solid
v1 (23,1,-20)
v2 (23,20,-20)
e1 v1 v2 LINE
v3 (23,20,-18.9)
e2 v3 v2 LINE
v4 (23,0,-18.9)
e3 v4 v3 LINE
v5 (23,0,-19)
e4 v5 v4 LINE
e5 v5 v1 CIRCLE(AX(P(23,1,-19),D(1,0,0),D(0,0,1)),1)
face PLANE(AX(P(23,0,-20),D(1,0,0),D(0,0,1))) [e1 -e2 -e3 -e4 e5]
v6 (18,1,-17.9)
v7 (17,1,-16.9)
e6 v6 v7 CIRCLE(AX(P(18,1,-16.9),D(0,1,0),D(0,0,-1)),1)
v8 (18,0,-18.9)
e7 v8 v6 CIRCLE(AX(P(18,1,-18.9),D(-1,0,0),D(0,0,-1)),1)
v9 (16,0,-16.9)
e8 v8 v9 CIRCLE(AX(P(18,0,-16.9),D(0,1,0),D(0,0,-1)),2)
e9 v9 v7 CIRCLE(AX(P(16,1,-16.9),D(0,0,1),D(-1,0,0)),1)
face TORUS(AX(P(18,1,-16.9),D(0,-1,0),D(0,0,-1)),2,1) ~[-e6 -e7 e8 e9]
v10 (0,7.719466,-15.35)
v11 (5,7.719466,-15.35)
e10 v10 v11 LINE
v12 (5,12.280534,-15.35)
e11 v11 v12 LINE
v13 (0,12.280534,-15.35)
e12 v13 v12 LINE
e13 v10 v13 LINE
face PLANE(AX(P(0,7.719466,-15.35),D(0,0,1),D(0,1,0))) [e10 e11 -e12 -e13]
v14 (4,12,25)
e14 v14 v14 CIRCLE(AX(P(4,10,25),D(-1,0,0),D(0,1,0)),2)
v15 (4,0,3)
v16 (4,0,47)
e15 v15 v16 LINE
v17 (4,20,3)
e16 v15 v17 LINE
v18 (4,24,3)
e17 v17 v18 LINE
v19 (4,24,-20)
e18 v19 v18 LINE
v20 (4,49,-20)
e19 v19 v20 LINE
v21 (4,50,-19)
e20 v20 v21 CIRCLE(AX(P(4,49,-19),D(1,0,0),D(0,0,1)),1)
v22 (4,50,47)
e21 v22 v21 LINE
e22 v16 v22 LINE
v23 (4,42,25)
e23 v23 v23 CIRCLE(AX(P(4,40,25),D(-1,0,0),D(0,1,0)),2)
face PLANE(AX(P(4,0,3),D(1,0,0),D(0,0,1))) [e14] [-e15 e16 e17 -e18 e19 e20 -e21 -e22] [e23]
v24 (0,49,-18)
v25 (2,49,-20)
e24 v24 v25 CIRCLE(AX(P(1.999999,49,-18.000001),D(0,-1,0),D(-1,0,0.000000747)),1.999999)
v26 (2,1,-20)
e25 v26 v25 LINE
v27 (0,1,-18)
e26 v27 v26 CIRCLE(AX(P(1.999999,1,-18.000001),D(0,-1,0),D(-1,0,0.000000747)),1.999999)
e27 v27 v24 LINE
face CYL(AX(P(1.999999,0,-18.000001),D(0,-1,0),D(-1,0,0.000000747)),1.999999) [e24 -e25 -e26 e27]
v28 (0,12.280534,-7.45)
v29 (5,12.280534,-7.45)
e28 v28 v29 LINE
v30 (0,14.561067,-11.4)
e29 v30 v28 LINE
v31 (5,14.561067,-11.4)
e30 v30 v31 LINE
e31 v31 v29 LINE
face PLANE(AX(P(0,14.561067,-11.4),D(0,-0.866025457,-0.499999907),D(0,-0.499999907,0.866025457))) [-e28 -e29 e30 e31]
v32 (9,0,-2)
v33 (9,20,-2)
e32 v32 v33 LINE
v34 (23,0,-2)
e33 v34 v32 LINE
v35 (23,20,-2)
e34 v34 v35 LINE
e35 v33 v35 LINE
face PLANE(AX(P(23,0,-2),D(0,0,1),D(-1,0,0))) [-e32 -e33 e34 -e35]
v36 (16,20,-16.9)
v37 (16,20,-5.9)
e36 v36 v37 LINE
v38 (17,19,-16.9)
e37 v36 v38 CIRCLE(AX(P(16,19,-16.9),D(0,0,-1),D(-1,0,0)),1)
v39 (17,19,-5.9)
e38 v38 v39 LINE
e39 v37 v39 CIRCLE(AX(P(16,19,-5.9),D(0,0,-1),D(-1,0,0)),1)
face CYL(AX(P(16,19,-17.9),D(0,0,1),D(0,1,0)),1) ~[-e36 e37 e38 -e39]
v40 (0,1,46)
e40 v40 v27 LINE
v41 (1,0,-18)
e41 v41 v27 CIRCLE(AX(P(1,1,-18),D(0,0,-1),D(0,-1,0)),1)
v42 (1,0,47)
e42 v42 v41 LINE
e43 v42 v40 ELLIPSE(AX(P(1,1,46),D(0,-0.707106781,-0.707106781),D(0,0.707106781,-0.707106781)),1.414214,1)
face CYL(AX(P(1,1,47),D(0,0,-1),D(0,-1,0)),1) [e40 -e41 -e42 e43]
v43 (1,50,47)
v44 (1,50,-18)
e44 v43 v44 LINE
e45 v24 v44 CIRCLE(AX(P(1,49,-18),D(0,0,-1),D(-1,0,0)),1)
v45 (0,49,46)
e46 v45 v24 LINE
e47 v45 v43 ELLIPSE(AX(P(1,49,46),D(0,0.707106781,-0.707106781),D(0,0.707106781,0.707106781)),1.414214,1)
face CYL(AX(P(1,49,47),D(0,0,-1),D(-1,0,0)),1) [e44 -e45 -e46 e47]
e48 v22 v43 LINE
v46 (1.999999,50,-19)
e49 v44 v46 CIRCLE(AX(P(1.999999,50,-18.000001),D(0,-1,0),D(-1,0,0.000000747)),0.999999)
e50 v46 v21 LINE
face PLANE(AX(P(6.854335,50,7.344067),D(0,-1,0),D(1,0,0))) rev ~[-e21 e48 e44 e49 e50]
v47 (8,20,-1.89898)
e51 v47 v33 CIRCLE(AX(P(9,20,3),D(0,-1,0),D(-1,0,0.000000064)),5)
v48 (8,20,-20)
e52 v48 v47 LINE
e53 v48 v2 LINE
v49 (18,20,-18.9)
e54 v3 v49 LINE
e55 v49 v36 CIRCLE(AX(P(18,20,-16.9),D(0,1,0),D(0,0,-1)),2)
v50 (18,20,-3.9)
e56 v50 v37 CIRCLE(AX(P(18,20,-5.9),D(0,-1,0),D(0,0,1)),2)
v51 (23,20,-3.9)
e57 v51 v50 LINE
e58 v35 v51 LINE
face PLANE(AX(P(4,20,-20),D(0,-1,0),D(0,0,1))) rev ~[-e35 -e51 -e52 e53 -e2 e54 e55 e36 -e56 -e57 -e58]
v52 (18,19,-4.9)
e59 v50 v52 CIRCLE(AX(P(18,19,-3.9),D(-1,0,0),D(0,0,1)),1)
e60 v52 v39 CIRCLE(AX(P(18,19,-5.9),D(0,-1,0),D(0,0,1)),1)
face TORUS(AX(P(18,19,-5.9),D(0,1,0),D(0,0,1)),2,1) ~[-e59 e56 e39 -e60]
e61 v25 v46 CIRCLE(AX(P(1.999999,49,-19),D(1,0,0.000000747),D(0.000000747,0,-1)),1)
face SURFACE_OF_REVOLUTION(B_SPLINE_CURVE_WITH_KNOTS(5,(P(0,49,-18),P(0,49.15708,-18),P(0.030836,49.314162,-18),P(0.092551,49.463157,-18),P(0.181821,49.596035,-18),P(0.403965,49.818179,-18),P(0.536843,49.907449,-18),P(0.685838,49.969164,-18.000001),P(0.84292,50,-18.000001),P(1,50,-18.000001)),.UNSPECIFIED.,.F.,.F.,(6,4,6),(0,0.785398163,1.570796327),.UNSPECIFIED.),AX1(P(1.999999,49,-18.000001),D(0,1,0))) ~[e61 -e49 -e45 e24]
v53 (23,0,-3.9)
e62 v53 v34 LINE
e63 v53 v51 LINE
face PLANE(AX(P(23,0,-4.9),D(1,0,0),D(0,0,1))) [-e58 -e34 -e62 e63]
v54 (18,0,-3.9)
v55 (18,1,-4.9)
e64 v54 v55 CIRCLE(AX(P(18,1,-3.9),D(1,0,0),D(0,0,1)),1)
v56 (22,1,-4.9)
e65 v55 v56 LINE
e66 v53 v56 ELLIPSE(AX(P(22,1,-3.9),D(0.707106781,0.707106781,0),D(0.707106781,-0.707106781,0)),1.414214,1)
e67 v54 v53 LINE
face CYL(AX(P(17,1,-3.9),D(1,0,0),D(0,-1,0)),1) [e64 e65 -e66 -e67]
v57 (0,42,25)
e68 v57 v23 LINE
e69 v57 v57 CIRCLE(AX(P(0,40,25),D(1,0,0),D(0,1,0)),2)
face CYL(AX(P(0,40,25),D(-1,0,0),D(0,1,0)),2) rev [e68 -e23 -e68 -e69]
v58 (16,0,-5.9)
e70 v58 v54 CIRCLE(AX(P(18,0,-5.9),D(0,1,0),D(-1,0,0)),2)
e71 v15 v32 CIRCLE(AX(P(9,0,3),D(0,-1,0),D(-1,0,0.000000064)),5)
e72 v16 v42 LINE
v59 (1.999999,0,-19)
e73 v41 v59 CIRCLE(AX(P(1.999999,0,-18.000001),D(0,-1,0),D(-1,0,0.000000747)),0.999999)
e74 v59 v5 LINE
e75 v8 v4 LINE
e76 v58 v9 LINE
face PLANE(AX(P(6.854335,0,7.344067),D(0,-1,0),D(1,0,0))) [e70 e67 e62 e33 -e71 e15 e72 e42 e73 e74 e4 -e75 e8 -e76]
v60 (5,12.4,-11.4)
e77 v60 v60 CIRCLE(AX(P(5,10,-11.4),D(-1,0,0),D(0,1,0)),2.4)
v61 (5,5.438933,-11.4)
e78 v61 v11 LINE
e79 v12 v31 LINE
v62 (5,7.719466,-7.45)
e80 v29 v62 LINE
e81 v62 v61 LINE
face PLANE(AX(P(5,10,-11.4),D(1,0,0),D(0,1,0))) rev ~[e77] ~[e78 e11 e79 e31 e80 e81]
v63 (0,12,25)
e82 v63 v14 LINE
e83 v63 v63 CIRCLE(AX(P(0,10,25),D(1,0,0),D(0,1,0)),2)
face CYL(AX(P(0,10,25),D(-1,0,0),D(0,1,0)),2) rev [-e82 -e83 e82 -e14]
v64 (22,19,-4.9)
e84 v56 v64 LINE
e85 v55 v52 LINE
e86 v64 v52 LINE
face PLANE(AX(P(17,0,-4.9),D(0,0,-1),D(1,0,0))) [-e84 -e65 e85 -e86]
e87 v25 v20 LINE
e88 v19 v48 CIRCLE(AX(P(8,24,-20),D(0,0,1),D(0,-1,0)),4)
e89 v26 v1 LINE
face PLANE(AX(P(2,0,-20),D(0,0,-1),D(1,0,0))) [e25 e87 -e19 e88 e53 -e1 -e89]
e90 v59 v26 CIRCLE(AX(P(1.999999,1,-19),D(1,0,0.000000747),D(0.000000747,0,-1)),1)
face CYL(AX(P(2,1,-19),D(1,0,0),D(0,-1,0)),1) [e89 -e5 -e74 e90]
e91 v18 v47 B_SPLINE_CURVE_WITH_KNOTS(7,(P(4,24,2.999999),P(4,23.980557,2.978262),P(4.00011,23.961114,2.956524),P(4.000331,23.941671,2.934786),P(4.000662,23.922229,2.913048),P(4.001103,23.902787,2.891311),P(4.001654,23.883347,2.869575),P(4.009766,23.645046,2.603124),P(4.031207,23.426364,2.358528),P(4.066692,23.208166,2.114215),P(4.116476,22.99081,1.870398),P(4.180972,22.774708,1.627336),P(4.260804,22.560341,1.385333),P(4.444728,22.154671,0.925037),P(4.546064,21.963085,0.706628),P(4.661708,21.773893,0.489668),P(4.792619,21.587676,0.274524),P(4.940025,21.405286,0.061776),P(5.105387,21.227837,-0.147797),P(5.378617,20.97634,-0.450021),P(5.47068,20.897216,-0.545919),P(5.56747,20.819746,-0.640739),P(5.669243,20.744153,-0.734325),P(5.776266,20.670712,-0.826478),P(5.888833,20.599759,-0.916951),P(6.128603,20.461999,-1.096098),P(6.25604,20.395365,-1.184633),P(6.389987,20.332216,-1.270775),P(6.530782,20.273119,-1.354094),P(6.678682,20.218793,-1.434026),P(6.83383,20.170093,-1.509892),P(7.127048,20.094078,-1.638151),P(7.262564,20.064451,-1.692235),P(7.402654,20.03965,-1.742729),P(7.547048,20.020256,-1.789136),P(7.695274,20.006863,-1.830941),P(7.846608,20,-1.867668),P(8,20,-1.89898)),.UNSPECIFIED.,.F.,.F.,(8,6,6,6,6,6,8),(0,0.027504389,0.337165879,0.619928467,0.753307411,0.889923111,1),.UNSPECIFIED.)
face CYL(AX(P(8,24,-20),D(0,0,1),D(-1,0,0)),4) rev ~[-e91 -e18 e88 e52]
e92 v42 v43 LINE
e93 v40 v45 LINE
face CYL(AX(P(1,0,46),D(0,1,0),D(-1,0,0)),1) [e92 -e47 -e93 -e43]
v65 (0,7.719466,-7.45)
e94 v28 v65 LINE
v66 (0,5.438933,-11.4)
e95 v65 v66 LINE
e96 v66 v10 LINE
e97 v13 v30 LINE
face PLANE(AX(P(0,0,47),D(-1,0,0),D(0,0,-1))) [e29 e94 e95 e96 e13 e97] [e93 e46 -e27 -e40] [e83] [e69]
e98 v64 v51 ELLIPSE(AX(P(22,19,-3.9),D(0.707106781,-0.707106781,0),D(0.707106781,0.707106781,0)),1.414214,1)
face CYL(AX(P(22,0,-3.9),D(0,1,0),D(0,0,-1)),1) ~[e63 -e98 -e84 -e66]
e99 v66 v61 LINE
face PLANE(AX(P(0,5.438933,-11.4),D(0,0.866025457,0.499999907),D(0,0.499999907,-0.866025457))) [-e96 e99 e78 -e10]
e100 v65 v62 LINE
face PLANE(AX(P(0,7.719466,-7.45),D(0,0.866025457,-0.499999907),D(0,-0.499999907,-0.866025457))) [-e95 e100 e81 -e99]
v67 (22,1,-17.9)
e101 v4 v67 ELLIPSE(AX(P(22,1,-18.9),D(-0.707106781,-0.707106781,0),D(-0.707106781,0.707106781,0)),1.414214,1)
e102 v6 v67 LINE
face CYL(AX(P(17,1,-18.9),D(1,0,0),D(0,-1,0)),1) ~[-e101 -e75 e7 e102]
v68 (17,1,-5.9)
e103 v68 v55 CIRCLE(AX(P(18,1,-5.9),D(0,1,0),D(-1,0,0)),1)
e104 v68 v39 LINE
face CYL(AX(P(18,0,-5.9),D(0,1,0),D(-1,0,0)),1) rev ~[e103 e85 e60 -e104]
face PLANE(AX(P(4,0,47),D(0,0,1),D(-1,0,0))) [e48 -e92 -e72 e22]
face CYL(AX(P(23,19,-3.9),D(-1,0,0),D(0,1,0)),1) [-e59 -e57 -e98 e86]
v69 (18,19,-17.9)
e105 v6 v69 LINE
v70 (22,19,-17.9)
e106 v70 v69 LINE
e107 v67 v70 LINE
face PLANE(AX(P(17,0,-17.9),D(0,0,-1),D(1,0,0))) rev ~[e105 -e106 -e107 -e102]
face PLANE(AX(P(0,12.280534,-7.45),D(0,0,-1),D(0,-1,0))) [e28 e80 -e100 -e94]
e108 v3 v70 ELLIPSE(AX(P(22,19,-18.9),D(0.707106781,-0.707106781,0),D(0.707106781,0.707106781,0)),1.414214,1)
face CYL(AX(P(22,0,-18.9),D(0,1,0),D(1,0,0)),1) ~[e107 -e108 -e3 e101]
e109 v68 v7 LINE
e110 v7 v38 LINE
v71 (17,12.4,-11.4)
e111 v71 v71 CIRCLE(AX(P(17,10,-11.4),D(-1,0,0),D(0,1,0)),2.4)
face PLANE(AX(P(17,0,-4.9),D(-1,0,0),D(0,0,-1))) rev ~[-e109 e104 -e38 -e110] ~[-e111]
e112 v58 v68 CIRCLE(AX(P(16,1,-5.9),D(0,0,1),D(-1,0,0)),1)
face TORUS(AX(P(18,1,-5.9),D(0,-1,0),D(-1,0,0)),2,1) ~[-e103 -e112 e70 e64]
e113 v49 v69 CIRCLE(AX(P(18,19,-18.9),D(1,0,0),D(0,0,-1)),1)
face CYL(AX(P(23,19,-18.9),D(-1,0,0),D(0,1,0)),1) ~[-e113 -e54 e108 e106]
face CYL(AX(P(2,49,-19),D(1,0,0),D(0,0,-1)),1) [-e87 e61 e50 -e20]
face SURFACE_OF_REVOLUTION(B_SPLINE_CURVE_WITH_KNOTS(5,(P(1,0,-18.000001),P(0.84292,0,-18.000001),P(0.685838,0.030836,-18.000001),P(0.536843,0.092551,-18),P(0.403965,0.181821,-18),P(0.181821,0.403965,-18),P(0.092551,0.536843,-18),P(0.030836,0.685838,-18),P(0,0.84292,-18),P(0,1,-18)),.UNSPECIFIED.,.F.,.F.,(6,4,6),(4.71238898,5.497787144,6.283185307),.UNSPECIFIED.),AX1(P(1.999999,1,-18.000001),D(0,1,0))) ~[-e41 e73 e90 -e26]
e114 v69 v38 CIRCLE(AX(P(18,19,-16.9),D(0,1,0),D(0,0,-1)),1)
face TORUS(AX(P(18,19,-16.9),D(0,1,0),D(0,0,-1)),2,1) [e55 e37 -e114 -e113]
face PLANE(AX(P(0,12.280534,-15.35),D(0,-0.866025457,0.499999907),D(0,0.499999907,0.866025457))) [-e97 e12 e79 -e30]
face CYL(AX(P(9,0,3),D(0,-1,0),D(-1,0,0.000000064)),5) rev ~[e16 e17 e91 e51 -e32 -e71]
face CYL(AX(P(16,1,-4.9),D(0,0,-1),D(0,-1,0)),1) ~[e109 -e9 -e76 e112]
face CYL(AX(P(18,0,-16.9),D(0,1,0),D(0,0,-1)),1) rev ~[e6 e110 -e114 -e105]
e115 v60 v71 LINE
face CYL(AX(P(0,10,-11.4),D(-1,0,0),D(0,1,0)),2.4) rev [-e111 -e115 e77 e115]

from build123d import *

# Parameters (mm, degrees)
PAD008_DEPTH    = 50
SKETCH046_R     = 2.4
SKETCH046_R_2   = 2
POCKET024_DEPTH = 30
SKETCH047_W     = 30
SKETCH047_H     = 35
POCKET025_DEPTH = 30
POCKET026_DEPTH = 5
FILLET014_R     = 4
FILLET015_R     = 1
FILLET016_R     = 1


with BuildPart() as part:
    # Sketch045 → Pad008 (new body)
    with BuildSketch(Plane.XZ):
        with BuildLine():
            Line((0, 47), (0, -18))
            ThreePointArc((0, -18), (0.585786, -19.414214), (2, -20))
            Line((2, -20), (23, -20))
            Line((23, -20), (23, -17.9))
            Line((17, -17.9), (23, -17.9))
            Line((17, -4.9), (17, -17.9))
            Line((17, -4.9), (23, -4.9))
            Line((23, -4.9), (23, -2))
            Line((23, -2), (9, -2))
            ThreePointArc((4, 3), (5.464466, -0.535534), (9, -2))
            Line((4, 3), (4, 47))
            Line((4, 47), (0, 47))
        make_face()
    extrude(amount=-PAD008_DEPTH)

    # Sketch046 → Pocket024 (cut)
    with BuildSketch(Plane.YZ):
        with Locations((10, -11.4)):
            Circle(SKETCH046_R)
        with Locations((10, 25)):
            Circle(SKETCH046_R_2)
        with Locations((40, 25)):
            Circle(SKETCH046_R_2)
    extrude(amount=POCKET024_DEPTH, mode=Mode.SUBTRACT)

    # Sketch047 → Pocket025 (cut)
    with BuildSketch(Plane.YZ.offset(4)):
        with Locations((35, -2.5)):
            Rectangle(SKETCH047_W, SKETCH047_H)
    extrude(amount=POCKET025_DEPTH, mode=Mode.SUBTRACT)

    # Sketch048 → Pocket026 (cut)
    with BuildSketch(Plane.YZ):
        Polygon((5.438933, -11.4), (7.719466, -15.35), (12.280534, -15.35), (14.561067, -11.4), (12.280534, -7.45), (7.719466, -7.45), align=None)
    extrude(amount=POCKET026_DEPTH, mode=Mode.SUBTRACT)

    # Fillet014
    fillet014_edges = [part.edges().sort_by_distance(p)[0] for p in [
        (4, 20, -8.5),
    ]]
    fillet(fillet014_edges, radius=FILLET014_R)

    # Fillet015
    fillet015_edges = [part.edges().sort_by_distance(p)[0] for p in [
        (20, 0, -4.9),
        (23, 10, -4.9),
        (17, 10, -4.9),
        (20, 20, -4.9),
        (17, 20, -11.4),
        (17, 0, -11.4),
        (23, 10, -17.9),
        (17, 10, -17.9),
        (20, 20, -17.9),
        (20, 0, -17.9),
    ]]
    fillet(fillet015_edges, radius=FILLET015_R)

    # Fillet016
    fillet016_edges = [part.edges().sort_by_distance(p)[0] for p in [
        (0, 0, 14.5),
        (0, 25, 47),
        (0, 50, 14.5),
    ]]
    fillet(fillet016_edges, radius=FILLET016_R)


solid = part.part
